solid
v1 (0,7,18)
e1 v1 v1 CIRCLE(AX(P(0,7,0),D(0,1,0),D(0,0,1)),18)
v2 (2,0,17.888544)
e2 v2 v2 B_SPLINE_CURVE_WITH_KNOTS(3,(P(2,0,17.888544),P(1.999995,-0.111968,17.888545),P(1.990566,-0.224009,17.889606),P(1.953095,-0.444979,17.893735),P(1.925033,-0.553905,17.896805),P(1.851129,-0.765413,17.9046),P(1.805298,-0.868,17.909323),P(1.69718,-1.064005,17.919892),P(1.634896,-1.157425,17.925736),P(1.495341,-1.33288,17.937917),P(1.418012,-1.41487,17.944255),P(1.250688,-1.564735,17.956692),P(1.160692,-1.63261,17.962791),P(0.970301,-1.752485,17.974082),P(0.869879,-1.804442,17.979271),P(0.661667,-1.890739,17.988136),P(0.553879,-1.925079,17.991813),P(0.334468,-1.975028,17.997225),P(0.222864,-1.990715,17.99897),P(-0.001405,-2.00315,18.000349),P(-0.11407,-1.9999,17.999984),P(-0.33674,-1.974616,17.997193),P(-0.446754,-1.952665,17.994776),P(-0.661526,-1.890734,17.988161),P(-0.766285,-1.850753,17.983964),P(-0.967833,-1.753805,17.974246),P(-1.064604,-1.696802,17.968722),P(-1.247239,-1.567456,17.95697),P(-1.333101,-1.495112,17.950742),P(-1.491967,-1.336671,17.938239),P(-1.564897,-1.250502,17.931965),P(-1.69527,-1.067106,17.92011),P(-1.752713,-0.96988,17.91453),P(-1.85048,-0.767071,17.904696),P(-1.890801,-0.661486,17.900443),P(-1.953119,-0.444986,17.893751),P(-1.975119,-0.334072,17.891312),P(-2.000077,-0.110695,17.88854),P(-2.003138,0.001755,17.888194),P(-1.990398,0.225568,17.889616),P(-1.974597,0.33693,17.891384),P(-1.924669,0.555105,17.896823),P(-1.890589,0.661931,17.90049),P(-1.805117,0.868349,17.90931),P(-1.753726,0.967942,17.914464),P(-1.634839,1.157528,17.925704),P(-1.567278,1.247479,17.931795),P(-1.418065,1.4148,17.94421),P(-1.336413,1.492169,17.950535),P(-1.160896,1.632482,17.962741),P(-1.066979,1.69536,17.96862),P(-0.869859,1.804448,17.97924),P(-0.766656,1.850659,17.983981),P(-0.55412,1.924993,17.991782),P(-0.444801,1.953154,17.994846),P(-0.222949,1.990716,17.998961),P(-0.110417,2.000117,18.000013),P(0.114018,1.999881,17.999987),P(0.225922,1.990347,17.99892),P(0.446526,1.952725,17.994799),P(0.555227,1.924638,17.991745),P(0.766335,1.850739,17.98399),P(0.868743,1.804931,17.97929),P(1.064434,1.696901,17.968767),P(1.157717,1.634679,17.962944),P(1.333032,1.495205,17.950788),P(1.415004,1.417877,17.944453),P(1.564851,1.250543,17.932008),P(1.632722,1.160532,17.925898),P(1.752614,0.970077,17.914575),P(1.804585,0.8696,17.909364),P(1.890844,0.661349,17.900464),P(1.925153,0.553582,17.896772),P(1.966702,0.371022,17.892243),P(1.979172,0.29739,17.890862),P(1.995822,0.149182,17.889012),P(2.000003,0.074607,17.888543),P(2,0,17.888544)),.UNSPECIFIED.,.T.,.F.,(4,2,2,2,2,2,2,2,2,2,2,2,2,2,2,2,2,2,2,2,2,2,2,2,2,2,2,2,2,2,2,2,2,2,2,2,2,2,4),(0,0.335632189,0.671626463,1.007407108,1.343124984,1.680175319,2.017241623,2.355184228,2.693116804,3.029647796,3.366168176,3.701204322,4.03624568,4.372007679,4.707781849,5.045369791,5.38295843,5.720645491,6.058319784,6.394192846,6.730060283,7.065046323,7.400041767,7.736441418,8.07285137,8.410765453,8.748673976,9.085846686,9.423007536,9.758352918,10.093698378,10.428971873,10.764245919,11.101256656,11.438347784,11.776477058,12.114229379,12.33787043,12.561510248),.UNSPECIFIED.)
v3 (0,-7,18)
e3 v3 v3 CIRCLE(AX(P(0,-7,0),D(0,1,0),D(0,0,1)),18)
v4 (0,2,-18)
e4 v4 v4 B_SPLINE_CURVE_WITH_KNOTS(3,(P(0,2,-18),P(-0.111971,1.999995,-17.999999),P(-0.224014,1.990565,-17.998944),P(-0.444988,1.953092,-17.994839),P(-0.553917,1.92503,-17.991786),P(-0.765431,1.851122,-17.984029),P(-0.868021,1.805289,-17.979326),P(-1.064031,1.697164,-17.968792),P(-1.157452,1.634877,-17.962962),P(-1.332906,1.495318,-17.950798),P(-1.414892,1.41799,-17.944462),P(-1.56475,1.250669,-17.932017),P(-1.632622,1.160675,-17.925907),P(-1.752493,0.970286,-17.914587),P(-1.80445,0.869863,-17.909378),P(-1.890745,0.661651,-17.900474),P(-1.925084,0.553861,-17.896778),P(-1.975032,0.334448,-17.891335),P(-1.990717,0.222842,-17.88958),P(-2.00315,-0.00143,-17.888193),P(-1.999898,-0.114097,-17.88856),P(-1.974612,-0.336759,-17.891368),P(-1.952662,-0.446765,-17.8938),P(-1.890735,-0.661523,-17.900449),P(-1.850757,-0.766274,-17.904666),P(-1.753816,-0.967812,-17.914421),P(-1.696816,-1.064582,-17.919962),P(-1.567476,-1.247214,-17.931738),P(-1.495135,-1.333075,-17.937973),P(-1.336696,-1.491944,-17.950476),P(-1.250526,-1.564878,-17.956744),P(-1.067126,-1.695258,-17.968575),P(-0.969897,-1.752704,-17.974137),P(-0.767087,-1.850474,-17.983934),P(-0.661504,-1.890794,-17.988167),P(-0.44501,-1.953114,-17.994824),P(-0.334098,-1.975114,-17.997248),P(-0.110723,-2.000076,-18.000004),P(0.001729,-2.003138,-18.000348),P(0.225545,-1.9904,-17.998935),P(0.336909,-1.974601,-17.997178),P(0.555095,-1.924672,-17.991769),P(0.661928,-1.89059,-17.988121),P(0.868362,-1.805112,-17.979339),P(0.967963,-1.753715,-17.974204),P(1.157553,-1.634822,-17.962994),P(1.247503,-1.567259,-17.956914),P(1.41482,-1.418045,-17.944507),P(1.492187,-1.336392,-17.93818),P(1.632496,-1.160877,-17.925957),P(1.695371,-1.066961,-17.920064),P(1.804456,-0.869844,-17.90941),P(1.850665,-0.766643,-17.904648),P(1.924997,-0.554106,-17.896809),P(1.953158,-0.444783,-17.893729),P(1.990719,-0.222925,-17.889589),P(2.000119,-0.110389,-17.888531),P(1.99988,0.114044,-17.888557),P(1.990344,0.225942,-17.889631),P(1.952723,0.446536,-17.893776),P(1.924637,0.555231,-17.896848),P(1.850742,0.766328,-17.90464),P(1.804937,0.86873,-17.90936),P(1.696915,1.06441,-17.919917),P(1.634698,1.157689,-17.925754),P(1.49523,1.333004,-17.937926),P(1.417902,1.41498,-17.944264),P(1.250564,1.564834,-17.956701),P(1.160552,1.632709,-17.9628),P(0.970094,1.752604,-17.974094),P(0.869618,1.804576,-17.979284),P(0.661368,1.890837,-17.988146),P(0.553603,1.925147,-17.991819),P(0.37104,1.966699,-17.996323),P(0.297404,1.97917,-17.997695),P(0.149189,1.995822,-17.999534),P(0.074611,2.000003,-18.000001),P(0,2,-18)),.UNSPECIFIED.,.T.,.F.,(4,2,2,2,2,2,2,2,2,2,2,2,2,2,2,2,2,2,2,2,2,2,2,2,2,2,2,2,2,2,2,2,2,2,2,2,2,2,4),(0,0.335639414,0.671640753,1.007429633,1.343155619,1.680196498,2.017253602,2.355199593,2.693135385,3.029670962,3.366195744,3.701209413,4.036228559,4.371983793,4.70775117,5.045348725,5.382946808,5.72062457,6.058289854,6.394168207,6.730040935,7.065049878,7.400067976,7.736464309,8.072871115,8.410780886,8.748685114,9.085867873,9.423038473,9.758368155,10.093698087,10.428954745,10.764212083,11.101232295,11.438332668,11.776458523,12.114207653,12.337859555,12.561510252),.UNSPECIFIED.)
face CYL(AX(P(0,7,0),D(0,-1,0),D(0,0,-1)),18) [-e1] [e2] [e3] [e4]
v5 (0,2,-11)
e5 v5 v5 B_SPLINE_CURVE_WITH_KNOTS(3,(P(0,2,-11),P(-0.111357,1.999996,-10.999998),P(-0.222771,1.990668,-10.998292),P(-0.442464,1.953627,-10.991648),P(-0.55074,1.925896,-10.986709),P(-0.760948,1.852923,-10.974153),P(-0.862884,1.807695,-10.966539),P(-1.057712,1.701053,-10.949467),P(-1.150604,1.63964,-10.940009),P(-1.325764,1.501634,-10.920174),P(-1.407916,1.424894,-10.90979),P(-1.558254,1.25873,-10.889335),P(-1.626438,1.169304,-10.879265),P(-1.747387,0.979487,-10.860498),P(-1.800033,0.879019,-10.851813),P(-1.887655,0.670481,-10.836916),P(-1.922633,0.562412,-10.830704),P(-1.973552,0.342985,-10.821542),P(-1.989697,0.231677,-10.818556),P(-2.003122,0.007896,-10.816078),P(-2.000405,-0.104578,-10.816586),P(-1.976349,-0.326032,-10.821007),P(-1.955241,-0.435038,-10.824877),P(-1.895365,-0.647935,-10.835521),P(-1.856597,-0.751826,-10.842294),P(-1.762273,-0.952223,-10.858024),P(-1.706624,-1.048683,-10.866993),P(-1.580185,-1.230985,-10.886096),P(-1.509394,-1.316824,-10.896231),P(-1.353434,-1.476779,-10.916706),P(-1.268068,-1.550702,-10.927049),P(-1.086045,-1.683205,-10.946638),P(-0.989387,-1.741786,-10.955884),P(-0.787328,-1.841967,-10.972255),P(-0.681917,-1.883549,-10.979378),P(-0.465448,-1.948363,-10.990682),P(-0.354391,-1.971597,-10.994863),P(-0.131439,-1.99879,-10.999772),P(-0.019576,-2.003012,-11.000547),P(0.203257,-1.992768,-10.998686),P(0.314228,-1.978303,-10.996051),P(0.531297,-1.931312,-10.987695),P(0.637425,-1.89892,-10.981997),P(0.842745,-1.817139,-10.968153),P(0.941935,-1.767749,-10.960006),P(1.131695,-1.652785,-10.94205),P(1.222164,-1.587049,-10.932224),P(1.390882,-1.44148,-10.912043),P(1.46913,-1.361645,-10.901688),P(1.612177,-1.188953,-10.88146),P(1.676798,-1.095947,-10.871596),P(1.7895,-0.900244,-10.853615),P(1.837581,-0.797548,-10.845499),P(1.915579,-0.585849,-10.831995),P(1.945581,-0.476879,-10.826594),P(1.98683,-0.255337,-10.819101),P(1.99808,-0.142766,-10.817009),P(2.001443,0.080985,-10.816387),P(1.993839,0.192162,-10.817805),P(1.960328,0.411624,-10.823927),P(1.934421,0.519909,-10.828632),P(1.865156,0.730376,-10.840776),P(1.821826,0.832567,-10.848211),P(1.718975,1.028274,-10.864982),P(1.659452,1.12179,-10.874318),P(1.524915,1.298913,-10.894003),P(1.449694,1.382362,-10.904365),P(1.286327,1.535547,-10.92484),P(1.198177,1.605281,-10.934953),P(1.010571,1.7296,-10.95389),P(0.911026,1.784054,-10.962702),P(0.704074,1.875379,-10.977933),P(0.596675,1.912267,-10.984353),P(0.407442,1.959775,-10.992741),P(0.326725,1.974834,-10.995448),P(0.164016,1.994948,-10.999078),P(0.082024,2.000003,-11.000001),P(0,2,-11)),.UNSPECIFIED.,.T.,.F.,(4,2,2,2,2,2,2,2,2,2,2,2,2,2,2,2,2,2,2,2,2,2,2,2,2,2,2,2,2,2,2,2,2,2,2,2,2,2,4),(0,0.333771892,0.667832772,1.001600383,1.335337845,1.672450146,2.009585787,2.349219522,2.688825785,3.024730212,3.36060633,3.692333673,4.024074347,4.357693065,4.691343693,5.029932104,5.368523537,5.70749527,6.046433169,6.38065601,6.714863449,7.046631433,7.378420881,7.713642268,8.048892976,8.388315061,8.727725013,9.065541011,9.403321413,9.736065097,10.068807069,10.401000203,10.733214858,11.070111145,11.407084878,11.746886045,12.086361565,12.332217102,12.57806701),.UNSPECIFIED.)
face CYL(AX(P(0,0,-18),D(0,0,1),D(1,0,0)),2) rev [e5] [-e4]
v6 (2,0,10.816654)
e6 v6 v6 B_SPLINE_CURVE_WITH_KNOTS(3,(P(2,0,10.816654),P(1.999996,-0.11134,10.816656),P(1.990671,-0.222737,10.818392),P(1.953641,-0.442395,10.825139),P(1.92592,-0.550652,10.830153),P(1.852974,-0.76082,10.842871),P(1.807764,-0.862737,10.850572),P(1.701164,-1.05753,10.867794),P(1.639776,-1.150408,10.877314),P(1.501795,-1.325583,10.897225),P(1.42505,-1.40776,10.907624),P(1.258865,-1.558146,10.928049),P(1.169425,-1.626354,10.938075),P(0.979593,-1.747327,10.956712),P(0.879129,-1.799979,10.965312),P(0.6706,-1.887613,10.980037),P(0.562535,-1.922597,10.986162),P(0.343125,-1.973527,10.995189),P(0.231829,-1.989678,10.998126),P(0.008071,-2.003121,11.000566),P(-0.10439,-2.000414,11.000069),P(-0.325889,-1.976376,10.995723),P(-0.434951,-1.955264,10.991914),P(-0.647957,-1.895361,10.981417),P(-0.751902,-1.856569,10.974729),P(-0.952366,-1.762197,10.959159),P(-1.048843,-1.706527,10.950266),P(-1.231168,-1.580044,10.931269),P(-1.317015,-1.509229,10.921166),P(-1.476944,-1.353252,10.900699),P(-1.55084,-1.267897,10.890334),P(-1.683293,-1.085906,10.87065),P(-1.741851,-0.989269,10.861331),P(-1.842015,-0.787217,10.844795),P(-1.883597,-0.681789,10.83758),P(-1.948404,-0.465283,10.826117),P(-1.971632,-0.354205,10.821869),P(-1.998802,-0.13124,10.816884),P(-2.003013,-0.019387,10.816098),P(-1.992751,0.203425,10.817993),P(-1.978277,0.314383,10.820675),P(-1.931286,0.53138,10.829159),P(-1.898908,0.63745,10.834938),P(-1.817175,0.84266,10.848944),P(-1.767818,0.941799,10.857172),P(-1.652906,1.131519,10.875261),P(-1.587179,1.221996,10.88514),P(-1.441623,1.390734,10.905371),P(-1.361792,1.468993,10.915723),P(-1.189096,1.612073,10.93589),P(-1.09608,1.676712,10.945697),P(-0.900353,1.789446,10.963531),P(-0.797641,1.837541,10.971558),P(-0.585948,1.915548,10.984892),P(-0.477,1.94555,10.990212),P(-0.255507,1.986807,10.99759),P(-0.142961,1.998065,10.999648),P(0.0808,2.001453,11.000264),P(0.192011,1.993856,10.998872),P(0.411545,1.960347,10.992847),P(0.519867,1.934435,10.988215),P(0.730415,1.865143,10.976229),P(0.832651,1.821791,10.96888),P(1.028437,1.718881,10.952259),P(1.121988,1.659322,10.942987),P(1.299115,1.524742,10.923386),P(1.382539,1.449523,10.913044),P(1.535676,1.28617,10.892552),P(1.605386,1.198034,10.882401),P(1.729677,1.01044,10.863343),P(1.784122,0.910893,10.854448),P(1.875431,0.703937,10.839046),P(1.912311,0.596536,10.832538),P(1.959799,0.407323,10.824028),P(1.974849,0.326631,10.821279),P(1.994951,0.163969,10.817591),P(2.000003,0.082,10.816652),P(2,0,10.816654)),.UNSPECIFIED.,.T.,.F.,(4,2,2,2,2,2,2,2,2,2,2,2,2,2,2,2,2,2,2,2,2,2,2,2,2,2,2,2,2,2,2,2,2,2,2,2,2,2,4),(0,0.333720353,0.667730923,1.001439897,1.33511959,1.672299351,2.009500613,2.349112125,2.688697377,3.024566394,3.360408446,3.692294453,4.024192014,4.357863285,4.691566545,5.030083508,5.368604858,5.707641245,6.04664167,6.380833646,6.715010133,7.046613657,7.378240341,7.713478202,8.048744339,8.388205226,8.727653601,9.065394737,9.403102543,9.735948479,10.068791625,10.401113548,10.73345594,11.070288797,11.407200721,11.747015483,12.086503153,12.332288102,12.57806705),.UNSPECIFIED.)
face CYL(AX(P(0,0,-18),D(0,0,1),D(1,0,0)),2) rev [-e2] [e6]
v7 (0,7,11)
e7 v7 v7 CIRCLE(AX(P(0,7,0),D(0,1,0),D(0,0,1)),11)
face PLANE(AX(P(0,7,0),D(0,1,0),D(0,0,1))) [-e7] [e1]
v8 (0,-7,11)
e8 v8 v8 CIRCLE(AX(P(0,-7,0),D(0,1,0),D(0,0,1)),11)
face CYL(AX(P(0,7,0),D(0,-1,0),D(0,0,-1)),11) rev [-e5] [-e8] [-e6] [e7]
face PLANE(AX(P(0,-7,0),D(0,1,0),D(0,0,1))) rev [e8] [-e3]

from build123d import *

# Parameters (mm, degrees)
SKETCH1_R               = 18
SKETCH1_R_2             = 11
BOSS_EXTRUDE1_DEPTH     = 7
SKETCH2_R               = 2
CUT_EXTRUDE1_DEPTH      = 19
CUT_EXTRUDE1_DEPTH_BACK = 19


with BuildPart() as part:
    # Sketch1 → Boss-Extrude1 (new body, symmetric)
    with BuildSketch(Plane(origin=(0, 0, 0), x_dir=(1, 0, 0), z_dir=(0, 1, 0))):
        Circle(SKETCH1_R)
        Circle(SKETCH1_R_2, mode=Mode.SUBTRACT)
    extrude(amount=BOSS_EXTRUDE1_DEPTH, both=True)

    # Sketch2 → Cut-Extrude1 (cut, two sides)
    with BuildSketch(Plane.XY) as cut_extrude1_sk:
        Circle(SKETCH2_R)
    extrude(amount=CUT_EXTRUDE1_DEPTH, mode=Mode.SUBTRACT)
    extrude(cut_extrude1_sk.sketch, amount=-CUT_EXTRUDE1_DEPTH_BACK, mode=Mode.SUBTRACT)


solid = part.part
